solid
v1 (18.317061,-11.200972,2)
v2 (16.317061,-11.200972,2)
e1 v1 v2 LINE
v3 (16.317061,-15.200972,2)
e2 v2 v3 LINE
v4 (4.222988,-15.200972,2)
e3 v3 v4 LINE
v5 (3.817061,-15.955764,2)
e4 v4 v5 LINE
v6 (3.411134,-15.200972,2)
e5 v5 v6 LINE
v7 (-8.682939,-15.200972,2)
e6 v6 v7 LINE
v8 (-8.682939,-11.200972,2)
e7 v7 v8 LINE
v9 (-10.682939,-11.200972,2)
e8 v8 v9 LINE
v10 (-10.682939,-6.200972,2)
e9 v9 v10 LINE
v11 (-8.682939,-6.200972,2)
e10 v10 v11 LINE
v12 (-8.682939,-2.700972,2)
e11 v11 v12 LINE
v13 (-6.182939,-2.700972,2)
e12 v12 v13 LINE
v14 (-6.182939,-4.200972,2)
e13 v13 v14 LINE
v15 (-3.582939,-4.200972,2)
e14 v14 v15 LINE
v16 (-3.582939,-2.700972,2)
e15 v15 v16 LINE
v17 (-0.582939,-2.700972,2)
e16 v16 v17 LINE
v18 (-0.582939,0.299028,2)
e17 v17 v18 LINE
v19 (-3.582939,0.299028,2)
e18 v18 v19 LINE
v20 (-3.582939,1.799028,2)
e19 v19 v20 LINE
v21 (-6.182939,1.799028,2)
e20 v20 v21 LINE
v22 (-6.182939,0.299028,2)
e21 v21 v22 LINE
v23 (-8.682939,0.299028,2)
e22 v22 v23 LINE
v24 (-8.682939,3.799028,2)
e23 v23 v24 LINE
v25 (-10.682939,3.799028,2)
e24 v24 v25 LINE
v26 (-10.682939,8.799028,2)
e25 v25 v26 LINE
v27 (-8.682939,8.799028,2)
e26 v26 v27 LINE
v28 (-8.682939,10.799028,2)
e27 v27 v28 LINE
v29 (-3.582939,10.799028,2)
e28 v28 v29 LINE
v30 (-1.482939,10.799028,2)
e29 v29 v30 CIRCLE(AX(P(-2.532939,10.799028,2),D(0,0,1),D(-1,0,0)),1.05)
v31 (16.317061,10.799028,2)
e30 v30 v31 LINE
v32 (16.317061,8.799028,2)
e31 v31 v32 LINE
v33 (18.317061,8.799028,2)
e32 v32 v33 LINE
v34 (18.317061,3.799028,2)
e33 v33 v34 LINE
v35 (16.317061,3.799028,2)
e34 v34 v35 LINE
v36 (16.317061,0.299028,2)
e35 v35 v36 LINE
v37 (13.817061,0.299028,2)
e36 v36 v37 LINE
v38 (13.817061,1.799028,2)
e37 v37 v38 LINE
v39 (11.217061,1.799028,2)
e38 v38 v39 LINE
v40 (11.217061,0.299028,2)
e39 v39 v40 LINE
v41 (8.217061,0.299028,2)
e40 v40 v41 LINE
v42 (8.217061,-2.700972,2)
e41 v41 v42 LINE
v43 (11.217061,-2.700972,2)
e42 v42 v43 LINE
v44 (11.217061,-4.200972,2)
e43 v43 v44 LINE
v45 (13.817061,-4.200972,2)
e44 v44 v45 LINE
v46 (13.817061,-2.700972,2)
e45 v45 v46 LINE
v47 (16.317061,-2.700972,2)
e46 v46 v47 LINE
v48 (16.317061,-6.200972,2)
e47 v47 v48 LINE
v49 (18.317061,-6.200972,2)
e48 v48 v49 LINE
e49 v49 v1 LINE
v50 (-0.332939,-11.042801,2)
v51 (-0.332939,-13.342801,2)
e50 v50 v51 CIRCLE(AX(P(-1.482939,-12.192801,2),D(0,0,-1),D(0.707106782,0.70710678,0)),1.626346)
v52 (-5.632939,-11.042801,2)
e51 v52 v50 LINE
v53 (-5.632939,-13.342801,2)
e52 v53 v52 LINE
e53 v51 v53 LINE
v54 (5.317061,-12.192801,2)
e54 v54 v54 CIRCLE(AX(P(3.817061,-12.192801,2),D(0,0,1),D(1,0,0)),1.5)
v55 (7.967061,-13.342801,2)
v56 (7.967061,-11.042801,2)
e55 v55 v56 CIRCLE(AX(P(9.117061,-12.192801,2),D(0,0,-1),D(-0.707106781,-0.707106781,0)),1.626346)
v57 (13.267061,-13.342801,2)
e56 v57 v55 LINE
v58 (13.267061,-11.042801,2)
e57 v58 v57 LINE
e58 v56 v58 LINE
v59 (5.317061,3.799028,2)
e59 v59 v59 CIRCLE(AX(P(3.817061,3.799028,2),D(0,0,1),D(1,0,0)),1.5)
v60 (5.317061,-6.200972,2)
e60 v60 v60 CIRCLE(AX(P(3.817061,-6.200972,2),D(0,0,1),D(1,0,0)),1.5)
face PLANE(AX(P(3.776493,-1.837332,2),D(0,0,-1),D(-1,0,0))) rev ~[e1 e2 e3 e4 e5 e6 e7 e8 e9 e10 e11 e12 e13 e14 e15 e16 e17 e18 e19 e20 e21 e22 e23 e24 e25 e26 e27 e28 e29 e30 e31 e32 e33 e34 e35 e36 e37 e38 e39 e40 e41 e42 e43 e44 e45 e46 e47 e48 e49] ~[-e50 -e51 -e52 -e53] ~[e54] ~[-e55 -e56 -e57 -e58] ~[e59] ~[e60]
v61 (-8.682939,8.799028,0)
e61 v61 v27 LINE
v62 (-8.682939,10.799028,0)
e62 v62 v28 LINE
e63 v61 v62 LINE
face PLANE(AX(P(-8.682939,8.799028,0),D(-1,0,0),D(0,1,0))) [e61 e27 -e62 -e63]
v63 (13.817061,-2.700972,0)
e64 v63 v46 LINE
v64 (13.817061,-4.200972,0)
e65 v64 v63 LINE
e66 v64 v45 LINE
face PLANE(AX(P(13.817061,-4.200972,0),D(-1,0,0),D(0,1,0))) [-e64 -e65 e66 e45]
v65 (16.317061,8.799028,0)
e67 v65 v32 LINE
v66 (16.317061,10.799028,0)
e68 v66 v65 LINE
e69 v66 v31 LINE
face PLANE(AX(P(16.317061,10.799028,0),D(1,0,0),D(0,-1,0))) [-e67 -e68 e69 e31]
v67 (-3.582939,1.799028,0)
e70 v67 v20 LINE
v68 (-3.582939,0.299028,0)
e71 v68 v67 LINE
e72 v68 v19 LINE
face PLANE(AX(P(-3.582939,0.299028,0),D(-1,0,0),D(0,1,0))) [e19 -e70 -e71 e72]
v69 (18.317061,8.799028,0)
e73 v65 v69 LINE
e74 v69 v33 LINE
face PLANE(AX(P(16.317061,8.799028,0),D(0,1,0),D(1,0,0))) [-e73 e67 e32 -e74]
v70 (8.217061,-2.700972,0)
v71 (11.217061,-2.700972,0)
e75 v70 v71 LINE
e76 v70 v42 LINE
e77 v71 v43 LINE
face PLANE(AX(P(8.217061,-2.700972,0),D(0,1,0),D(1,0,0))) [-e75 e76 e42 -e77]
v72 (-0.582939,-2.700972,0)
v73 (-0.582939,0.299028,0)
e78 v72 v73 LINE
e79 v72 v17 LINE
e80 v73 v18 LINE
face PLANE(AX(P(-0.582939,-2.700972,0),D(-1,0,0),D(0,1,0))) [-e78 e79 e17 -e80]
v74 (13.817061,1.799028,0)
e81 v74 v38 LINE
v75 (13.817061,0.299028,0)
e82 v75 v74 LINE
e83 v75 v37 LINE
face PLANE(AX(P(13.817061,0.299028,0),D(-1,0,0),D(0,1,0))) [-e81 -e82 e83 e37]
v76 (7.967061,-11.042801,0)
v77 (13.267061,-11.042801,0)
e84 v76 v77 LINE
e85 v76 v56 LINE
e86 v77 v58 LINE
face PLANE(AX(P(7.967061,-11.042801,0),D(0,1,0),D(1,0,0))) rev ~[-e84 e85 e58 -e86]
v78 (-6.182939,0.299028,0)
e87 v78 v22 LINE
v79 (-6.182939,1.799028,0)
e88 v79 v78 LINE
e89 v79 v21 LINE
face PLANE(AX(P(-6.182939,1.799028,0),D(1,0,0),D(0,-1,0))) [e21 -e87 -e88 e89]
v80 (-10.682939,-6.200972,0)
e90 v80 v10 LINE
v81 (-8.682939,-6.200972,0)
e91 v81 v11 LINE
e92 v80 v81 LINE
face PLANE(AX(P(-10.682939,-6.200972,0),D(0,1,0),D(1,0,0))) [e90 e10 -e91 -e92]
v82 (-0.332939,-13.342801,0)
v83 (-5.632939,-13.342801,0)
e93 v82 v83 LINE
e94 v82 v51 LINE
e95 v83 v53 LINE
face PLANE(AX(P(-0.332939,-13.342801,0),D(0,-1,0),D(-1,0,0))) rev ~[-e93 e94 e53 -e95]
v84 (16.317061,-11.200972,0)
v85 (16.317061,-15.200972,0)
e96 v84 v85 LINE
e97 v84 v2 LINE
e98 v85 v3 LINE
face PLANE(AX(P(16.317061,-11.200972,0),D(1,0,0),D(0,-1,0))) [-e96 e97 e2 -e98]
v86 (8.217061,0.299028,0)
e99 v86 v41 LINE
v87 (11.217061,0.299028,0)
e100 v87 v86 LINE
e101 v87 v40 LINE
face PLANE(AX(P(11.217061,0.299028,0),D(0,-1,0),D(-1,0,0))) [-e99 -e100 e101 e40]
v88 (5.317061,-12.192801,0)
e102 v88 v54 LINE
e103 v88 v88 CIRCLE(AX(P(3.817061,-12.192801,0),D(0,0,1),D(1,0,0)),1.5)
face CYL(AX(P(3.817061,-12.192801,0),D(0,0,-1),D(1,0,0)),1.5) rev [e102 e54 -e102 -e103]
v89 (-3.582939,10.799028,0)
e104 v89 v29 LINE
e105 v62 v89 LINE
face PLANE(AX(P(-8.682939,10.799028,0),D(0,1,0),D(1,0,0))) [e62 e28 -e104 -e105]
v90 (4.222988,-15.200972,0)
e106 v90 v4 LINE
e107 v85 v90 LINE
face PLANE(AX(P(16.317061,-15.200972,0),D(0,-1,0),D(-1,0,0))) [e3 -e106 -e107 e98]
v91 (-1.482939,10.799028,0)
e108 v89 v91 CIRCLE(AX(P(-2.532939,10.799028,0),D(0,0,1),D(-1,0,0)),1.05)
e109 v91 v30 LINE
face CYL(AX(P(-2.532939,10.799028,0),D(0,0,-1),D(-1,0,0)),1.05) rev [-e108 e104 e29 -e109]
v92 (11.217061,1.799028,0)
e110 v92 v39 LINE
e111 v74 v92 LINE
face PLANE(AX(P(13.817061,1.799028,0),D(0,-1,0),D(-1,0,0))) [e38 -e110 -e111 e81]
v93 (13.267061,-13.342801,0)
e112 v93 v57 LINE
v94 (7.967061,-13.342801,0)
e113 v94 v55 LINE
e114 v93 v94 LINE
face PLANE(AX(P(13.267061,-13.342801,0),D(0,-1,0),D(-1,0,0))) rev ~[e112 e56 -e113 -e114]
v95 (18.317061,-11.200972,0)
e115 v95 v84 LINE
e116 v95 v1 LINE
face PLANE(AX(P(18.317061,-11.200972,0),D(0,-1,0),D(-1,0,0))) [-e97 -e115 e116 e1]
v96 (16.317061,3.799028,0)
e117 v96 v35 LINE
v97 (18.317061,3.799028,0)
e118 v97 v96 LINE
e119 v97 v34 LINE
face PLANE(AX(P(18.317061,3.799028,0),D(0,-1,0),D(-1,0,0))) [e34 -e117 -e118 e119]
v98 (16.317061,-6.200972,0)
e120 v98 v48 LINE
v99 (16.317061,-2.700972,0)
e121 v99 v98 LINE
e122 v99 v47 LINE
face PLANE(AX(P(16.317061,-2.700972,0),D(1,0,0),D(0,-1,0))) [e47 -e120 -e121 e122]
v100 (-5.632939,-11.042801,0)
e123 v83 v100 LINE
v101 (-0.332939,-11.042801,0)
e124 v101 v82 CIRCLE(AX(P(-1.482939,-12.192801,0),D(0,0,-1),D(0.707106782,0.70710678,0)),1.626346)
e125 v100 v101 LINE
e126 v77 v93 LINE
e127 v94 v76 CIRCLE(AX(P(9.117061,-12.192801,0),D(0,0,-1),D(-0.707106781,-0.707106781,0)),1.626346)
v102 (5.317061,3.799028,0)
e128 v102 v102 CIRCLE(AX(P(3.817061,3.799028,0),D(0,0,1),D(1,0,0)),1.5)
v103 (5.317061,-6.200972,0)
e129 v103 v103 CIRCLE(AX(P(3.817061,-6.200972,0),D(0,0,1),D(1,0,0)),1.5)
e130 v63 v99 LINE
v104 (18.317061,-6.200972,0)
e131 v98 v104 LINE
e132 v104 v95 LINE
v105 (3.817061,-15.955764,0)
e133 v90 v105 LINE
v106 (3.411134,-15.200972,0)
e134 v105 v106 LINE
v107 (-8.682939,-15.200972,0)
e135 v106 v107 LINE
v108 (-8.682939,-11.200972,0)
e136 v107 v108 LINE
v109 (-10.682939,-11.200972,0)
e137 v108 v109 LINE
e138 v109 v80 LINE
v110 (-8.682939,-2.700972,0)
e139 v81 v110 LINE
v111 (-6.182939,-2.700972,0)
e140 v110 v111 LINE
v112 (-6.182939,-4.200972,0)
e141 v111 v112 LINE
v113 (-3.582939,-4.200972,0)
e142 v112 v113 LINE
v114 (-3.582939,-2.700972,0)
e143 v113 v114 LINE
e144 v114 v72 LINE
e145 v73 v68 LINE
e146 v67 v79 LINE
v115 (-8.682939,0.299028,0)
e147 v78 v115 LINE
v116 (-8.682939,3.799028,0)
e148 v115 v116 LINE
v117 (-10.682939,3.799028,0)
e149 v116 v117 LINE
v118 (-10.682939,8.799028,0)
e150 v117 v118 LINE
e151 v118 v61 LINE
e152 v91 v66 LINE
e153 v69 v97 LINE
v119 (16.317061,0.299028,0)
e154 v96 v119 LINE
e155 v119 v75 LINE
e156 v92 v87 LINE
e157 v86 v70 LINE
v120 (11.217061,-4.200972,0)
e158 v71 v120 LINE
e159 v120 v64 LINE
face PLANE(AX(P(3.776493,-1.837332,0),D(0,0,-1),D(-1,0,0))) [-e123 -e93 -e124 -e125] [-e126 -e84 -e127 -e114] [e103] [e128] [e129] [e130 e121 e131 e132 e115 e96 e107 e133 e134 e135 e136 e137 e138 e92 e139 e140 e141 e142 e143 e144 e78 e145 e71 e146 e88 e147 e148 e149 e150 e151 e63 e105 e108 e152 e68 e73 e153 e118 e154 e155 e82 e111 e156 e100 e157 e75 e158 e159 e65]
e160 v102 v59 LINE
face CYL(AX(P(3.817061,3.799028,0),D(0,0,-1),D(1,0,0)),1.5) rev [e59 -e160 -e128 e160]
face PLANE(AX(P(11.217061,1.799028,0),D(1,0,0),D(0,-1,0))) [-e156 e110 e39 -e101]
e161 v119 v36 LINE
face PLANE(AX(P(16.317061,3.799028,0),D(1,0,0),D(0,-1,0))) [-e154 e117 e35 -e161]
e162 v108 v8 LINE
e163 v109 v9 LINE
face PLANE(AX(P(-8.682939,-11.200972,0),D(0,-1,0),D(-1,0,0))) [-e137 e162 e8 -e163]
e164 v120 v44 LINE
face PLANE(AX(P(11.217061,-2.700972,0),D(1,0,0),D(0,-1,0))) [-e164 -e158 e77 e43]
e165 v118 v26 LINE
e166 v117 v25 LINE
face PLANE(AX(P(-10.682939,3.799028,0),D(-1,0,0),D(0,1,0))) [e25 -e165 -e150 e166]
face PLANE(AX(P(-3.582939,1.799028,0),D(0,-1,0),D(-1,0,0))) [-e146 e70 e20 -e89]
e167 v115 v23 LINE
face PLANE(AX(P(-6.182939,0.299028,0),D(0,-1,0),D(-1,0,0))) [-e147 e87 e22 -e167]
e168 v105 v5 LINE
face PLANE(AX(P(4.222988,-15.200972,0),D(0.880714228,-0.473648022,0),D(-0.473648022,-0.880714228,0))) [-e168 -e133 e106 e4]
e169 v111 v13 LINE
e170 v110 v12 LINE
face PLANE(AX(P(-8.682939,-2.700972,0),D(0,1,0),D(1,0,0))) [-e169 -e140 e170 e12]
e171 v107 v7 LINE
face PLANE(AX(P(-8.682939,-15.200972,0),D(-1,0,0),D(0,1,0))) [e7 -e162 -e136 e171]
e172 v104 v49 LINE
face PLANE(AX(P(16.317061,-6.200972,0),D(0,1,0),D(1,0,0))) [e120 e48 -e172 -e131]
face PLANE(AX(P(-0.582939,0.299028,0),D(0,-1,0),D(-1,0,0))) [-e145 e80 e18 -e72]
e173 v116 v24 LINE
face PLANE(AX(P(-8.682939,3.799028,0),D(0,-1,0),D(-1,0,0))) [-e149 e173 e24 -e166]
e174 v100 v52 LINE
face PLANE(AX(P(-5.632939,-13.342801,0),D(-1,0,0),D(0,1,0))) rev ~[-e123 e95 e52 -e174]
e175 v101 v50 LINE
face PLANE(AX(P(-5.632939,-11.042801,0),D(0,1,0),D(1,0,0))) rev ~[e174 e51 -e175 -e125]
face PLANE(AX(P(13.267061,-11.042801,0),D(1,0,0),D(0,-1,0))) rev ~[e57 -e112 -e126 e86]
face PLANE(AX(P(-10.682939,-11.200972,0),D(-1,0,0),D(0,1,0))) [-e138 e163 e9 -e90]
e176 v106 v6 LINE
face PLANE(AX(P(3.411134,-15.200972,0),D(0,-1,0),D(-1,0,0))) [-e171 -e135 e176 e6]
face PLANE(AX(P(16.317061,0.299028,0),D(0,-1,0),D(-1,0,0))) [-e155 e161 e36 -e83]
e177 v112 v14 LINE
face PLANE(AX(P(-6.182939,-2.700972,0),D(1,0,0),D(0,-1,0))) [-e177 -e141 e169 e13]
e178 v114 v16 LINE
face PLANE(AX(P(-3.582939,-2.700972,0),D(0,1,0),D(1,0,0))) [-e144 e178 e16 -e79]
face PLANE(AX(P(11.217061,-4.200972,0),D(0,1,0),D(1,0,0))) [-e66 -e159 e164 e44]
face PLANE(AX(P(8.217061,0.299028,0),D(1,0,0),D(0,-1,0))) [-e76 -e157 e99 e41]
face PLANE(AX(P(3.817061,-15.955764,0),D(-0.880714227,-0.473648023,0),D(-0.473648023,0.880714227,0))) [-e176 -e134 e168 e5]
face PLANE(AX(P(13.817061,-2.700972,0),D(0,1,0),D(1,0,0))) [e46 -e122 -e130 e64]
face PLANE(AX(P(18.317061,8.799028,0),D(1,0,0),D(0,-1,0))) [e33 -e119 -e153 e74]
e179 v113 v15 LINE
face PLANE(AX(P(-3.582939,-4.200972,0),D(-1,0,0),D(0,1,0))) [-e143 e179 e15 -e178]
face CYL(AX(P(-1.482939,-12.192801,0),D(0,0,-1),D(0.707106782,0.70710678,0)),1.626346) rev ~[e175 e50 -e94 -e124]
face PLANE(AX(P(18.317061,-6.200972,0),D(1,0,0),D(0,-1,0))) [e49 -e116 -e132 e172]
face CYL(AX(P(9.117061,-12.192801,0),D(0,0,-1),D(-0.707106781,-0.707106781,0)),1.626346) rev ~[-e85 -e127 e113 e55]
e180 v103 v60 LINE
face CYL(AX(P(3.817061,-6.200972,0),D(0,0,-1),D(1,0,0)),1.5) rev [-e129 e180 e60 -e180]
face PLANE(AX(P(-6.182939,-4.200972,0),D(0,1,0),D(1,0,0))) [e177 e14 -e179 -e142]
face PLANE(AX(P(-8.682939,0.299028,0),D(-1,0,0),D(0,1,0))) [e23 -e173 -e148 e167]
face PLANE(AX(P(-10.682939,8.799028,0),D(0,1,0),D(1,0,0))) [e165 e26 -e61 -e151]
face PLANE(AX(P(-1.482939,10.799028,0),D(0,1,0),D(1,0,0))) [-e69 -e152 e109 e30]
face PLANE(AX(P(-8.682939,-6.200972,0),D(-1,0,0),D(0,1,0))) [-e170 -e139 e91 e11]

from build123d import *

# Parameters (mm, degrees)
SKETCH_1_R      = 1.5
EXTRUDE_1_DEPTH = 2


with BuildPart() as part:
    # 草图1 → 凸台-拉伸1 (new body)
    with BuildSketch(Plane.XY):
        with BuildLine():
            Line((-8.682938962, -11.200971973), (-10.682938962, -11.200971973))
            Line((-10.682938962, -11.200971973), (-10.682938962, -6.200971973))
            Line((-10.682938962, -6.200971973), (-8.682938962, -6.200971973))
            Line((-8.682938962, -6.200971973), (-8.682938962, -2.700971973))
            Line((-8.682938962, -2.700971973), (-6.182938962, -2.700971973))
            Line((-6.182938962, -2.700971973), (-6.182938962, -4.200971973))
            Line((-6.182938962, -4.200971973), (-3.582938962, -4.200971973))
            Line((-3.582938962, -4.200971973), (-3.582938962, -2.700971973))
            Line((-3.582938962, -2.700971973), (-0.582938962, -2.700971973))
            Line((-0.582938962, -2.700971973), (-0.582938962, 0.299028027))
            Line((-0.582938962, 0.299028027), (-3.582938962, 0.299028027))
            Line((-3.582938962, 0.299028027), (-3.582938962, 1.799028027))
            Line((-3.582938962, 1.799028027), (-6.182938962, 1.799028027))
            Line((-6.182938962, 1.799028027), (-6.182938962, 0.299028027))
            Line((-6.182938962, 0.299028027), (-8.682938962, 0.299028027))
            Line((-8.682938962, 0.299028027), (-8.682938962, 3.799028027))
            Line((-8.682938962, 3.799028027), (-10.682938962, 3.799028027))
            Line((-10.682938962, 3.799028027), (-10.682938962, 8.799028027))
            Line((-10.682938962, 8.799028027), (-8.682938962, 8.799028027))
            Line((-8.682938962, 8.799028027), (-8.682938962, 10.799028027))
            Line((-8.682938962, 10.799028027), (-3.582938962, 10.799028027))
            ThreePointArc((-3.582938962, 10.799028027), (-2.532938962, 9.749028027), (-1.482938962, 10.799028027))
            Line((-1.482938962, 10.799028027), (16.317061038, 10.799028027))
            Line((16.317061038, 10.799028027), (16.317061038, 8.799028027))
            Line((16.317061038, 8.799028027), (18.317061038, 8.799028027))
            Line((18.317061038, 8.799028027), (18.317061038, 3.799028027))
            Line((18.317061038, 3.799028027), (16.317061038, 3.799028027))
            Line((16.317061038, 3.799028027), (16.317061038, 0.299028027))
            Line((16.317061038, 0.299028027), (13.817061038, 0.299028027))
            Line((13.817061038, 0.299028027), (13.817061038, 1.799028027))
            Line((13.817061038, 1.799028027), (11.217061038, 1.799028027))
            Line((11.217061038, 1.799028027), (11.217061038, 0.299028027))
            Line((11.217061038, 0.299028027), (8.217061038, 0.299028027))
            Line((8.217061038, 0.299028027), (8.217061038, -2.700971973))
            Line((8.217061038, -2.700971973), (11.217061038, -2.700971973))
            Line((11.217061038, -2.700971973), (11.217061038, -4.200971973))
            Line((11.217061038, -4.200971973), (13.817061038, -4.200971973))
            Line((13.817061038, -4.200971973), (13.817061038, -2.700971973))
            Line((13.817061038, -2.700971973), (16.317061038, -2.700971973))
            Line((16.317061038, -2.700971973), (16.317061038, -6.200971973))
            Line((16.317061038, -6.200971973), (18.317061038, -6.200971973))
            Line((18.317061038, -6.200971973), (18.317061038, -11.200971973))
            Line((18.317061038, -11.200971973), (16.317061038, -11.200971973))
            Line((16.317061038, -11.200971973), (16.317061038, -15.200971973))
            Line((16.317061038, -15.200971973), (4.222987954, -15.200971973))
            Line((4.222987954, -15.200971973), (3.817061038, -15.955763704))
            Line((3.817061038, -15.955763704), (3.411134121, -15.200971973))
            Line((3.411134121, -15.200971973), (-8.682938962, -15.200971973))
            Line((-8.682938962, -15.200971973), (-8.682938962, -11.200971973))
        make_face()
        with Locations((3.817061038, -6.200971973)):
            Circle(SKETCH_1_R, mode=Mode.SUBTRACT)
        with Locations((3.817061038, 3.799028027)):
            Circle(SKETCH_1_R, mode=Mode.SUBTRACT)
        with Locations((3.817061038, -12.192801434)):
            Circle(SKETCH_1_R, mode=Mode.SUBTRACT)
        with BuildLine():
            Line((13.267061038, -13.342801434), (7.967061038, -13.342801434))
            ThreePointArc((7.967061038, -13.342801434), (7.490715441, -12.192801434), (7.967061038, -11.042801434))
            Line((7.967061038, -11.042801434), (13.267061038, -11.042801434))
            Line((13.267061038, -11.042801434), (13.267061038, -13.342801434))
        make_face(mode=Mode.SUBTRACT)
        with BuildLine():
            Line((-5.632938962, -11.042801434), (-0.332938962, -11.042801434))
            ThreePointArc((-0.332938962, -11.042801434), (0.143406634, -12.192801434), (-0.332938962, -13.342801434))
            Line((-0.332938962, -13.342801434), (-5.632938962, -13.342801434))
            Line((-5.632938962, -13.342801434), (-5.632938962, -11.042801434))
        make_face(mode=Mode.SUBTRACT)
    extrude(amount=EXTRUDE_1_DEPTH)


solid = part.part
